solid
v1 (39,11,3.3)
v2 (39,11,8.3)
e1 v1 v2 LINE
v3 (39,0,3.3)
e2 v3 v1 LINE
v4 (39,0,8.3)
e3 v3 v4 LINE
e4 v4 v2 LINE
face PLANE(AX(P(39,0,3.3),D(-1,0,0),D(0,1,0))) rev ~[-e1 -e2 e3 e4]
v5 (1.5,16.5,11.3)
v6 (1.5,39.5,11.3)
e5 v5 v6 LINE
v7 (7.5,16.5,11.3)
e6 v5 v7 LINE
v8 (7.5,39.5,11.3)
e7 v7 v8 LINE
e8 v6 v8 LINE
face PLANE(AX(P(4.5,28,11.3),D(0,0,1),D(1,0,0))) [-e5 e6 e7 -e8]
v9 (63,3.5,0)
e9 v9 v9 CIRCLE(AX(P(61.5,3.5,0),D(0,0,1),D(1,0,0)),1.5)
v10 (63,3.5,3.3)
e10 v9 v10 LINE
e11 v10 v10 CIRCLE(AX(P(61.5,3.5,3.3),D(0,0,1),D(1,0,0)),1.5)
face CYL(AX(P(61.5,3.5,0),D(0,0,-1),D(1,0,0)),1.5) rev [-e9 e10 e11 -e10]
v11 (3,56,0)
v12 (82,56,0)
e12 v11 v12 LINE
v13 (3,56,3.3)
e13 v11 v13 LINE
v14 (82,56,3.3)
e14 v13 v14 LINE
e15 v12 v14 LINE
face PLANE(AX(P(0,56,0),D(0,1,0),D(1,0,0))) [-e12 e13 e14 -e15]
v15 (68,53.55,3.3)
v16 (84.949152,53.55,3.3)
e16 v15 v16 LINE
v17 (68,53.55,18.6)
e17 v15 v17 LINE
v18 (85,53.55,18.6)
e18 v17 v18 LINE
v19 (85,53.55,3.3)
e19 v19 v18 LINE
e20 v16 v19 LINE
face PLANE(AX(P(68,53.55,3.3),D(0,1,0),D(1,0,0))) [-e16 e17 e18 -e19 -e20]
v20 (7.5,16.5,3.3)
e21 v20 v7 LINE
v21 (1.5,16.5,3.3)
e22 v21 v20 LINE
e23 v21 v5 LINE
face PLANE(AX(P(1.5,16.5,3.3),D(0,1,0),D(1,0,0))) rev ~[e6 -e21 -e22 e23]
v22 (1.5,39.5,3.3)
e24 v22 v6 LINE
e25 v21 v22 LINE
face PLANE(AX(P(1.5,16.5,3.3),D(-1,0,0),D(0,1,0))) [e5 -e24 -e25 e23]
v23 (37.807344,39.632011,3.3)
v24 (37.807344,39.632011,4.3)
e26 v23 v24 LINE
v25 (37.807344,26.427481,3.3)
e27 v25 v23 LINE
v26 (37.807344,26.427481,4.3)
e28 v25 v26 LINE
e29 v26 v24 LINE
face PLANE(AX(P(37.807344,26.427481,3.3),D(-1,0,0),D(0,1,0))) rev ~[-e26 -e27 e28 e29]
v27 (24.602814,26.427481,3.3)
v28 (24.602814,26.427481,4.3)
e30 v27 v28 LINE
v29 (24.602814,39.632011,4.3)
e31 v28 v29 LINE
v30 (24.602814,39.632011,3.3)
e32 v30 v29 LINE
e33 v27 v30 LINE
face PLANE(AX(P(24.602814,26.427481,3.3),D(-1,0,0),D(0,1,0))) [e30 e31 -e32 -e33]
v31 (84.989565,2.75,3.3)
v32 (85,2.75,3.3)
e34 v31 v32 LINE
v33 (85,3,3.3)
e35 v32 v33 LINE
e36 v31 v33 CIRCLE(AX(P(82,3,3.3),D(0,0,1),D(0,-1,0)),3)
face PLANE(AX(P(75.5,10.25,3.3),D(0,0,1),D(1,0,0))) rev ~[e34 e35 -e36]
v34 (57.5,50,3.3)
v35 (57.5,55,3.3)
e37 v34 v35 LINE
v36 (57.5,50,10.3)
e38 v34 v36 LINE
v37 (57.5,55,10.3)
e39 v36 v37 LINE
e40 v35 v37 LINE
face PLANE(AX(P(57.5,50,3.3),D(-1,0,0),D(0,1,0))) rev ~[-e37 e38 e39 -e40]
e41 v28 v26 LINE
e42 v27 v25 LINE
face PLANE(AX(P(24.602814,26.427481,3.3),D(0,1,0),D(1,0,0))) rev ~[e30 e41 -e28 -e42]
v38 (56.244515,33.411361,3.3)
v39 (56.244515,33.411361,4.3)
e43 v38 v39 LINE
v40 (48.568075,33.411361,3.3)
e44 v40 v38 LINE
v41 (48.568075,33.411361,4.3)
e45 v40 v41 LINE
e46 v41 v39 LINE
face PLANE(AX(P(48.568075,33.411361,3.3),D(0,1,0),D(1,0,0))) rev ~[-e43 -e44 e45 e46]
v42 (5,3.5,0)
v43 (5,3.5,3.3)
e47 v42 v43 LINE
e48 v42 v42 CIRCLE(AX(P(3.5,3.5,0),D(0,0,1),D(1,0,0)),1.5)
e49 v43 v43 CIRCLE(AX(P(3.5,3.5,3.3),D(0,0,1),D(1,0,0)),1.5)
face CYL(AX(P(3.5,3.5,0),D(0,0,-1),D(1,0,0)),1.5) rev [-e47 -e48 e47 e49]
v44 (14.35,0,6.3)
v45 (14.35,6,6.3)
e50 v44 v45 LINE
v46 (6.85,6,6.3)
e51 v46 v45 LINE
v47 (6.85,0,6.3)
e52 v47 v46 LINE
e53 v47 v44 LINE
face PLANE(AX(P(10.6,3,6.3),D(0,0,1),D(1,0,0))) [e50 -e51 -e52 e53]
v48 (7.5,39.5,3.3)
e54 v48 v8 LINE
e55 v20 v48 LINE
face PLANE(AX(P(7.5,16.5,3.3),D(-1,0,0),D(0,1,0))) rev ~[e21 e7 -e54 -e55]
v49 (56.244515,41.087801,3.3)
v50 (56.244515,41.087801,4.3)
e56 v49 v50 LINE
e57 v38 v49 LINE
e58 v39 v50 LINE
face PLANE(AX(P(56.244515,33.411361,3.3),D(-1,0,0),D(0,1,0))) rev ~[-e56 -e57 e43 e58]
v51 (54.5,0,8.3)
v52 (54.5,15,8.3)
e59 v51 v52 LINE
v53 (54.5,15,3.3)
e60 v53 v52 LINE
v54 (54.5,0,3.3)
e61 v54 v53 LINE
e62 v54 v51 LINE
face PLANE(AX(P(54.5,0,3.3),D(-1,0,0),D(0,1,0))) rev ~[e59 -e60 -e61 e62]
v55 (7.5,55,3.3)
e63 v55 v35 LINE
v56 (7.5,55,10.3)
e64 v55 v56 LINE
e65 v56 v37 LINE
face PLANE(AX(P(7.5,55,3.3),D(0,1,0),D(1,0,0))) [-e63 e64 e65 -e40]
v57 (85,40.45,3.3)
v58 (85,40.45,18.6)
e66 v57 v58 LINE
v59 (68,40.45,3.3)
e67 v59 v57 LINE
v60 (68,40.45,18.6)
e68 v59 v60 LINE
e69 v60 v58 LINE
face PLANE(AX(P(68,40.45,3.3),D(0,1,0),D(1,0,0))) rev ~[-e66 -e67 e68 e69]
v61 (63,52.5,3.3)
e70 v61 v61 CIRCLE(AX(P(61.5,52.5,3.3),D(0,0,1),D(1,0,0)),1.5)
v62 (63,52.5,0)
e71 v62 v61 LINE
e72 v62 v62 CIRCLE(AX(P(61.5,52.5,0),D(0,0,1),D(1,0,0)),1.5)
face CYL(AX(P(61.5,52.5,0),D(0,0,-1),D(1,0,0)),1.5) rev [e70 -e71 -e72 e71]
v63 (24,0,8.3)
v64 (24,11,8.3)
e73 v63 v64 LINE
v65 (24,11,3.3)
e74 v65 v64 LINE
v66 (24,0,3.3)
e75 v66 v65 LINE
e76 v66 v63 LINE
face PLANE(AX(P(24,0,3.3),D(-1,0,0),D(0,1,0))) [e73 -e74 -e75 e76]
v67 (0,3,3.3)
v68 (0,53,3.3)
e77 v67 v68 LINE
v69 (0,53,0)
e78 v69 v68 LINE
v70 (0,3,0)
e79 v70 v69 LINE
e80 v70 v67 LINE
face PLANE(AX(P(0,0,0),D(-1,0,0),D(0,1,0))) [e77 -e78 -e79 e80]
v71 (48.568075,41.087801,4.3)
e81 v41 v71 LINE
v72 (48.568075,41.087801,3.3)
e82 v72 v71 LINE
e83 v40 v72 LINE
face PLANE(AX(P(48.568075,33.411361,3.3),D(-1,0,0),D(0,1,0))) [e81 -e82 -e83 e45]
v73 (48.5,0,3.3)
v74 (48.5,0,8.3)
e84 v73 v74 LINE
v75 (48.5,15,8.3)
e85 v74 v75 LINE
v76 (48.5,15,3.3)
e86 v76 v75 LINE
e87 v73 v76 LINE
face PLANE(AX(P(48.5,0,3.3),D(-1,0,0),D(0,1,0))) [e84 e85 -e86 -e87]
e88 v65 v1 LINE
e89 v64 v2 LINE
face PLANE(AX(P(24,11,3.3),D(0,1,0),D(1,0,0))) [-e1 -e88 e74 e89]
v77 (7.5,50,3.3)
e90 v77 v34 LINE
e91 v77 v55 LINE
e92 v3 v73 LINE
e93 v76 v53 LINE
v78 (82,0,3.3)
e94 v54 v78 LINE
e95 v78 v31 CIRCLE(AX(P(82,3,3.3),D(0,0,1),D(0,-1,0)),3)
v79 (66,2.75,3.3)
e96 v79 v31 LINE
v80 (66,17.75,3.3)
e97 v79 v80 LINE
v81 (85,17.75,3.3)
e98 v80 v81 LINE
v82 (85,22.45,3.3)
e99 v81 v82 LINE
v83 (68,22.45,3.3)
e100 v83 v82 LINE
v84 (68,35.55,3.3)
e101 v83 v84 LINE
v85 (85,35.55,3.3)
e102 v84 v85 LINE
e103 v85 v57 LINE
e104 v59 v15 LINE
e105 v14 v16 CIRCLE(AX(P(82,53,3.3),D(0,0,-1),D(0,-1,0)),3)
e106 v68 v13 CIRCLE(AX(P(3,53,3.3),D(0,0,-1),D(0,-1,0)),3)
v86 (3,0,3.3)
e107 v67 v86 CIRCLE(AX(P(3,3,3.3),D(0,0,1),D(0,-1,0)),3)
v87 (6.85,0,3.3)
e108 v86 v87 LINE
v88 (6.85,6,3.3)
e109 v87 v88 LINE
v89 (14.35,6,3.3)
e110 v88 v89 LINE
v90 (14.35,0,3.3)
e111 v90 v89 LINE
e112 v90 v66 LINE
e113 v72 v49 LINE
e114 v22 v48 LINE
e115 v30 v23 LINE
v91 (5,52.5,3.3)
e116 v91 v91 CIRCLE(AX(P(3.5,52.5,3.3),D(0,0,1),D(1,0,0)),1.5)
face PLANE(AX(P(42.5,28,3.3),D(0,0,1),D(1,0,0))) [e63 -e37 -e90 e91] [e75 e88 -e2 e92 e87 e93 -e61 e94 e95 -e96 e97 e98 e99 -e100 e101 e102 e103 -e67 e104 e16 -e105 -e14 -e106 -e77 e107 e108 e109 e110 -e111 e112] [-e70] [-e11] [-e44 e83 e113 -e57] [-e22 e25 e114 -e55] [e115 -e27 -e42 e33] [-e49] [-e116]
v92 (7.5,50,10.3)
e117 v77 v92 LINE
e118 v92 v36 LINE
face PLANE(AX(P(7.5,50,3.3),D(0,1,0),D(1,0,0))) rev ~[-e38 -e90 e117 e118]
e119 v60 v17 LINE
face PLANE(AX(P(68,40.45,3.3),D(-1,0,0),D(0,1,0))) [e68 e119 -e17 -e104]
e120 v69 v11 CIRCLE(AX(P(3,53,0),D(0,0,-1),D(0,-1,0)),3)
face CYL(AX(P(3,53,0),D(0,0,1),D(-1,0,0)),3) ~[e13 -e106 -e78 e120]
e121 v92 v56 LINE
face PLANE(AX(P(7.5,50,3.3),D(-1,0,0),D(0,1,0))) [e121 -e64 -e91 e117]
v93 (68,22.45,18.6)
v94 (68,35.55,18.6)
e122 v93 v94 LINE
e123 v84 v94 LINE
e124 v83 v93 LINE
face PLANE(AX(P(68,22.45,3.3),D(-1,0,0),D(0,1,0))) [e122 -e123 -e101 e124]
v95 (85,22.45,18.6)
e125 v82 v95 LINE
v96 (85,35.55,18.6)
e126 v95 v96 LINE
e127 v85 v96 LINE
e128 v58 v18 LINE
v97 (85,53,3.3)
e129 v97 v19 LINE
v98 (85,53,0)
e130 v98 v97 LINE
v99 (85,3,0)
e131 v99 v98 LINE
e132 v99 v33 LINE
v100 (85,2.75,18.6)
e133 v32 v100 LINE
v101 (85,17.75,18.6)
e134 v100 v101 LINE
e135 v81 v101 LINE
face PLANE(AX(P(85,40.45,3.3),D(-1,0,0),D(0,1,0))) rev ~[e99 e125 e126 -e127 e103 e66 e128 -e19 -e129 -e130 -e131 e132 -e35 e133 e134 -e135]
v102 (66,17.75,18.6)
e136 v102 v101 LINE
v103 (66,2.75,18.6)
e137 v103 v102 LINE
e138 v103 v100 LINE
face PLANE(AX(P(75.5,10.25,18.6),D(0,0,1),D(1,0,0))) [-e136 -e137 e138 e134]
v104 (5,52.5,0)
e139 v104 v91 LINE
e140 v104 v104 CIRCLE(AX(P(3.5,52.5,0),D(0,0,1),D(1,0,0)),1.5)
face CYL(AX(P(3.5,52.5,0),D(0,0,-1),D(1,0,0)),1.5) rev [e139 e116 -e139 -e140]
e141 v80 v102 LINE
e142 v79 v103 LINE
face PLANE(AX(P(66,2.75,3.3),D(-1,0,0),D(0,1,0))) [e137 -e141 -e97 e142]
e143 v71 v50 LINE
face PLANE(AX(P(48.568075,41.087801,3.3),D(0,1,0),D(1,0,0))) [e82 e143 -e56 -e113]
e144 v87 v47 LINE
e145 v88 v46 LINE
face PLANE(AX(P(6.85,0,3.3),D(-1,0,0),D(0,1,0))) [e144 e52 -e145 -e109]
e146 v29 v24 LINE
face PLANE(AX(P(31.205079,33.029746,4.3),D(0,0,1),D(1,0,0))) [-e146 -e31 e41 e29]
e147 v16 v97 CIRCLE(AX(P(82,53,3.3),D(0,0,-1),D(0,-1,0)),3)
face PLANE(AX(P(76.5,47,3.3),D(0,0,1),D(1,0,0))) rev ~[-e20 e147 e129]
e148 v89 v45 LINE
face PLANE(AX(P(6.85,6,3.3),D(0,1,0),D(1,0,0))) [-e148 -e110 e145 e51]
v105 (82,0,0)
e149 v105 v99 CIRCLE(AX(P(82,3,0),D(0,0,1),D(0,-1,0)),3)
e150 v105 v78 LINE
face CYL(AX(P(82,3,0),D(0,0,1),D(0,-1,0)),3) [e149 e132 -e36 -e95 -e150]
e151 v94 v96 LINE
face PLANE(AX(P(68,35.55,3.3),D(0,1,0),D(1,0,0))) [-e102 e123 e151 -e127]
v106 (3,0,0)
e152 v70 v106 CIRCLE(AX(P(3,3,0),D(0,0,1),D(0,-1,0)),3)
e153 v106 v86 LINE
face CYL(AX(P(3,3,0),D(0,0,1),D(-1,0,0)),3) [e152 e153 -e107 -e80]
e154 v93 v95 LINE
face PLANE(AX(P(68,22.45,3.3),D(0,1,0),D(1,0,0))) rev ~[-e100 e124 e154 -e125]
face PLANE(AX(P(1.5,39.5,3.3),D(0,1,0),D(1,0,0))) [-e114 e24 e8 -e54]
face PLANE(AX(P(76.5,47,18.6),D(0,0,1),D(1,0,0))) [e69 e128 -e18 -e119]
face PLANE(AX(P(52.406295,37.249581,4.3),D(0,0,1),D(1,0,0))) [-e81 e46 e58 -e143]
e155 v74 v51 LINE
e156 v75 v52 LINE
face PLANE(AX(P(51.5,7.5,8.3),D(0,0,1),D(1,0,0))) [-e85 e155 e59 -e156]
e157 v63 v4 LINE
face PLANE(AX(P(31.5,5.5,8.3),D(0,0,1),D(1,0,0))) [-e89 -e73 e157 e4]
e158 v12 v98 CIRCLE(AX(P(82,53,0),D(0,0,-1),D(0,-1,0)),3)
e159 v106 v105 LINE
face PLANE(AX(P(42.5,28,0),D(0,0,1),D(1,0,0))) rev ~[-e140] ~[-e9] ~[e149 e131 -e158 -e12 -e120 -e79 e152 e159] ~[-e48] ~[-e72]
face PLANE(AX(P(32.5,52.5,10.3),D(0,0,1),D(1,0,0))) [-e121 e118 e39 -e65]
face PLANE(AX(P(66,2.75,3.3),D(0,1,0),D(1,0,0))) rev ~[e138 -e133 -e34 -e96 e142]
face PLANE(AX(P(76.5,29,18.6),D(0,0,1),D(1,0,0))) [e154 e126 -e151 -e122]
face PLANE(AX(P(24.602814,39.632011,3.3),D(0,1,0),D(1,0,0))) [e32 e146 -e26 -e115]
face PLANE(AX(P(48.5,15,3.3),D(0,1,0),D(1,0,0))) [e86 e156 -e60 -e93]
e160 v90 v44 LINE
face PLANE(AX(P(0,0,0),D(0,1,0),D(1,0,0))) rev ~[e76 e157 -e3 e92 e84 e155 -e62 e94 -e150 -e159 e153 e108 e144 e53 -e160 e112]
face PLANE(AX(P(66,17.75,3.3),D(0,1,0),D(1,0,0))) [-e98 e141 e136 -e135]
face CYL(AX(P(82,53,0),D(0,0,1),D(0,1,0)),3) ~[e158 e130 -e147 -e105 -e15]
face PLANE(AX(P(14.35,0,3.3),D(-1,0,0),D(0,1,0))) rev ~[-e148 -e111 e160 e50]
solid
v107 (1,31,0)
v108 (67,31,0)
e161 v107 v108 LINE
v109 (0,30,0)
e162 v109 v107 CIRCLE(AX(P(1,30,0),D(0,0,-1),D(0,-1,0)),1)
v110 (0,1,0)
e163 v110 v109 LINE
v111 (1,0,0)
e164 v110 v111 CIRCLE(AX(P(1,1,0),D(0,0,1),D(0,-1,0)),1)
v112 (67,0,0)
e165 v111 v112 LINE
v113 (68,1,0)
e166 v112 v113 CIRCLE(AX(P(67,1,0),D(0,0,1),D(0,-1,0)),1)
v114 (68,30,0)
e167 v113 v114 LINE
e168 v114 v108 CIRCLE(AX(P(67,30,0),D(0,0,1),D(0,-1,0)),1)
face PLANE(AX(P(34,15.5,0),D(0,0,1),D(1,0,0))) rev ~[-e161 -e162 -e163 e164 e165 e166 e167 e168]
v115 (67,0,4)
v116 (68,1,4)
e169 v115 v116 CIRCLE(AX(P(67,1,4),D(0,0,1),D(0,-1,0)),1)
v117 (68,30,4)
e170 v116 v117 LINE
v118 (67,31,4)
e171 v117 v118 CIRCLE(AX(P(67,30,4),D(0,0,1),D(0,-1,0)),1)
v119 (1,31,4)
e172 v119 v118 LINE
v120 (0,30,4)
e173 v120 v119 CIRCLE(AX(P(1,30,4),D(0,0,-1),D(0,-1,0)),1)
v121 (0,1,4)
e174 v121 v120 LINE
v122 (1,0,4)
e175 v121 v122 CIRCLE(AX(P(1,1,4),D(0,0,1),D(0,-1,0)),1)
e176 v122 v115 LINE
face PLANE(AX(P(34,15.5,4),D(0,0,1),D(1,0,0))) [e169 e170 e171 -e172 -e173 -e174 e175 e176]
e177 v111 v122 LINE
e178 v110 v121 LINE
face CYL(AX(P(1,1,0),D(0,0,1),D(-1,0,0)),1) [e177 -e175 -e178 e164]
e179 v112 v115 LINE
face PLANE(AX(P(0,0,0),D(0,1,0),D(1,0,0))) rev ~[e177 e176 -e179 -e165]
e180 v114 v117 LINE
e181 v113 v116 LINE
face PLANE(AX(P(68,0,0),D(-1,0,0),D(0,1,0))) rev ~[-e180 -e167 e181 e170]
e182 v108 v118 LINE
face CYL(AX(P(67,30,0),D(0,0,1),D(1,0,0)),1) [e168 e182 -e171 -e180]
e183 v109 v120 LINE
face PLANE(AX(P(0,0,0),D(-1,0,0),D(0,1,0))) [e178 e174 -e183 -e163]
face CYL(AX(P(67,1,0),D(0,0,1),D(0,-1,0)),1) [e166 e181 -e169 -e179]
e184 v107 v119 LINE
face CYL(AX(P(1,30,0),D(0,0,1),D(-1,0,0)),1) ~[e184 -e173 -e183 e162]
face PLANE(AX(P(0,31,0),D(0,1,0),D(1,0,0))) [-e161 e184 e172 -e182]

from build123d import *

# Parameters (mm, degrees)
F0_W      = 85
F0_H      = 56
F0_R      = 1.5
F1_DEPTH  = 3.3
F2_R      = 3
F3_W      = 50
F3_H      = 5
F4_DEPTH  = 7
F5_W      = 6
F5_H      = 23
F6_DEPTH  = 8
F7_W      = 17
F7_H      = 13.1
F7_W_2    = 19
F7_H_2    = 15
F8_DEPTH  = 15.3
F9_W      = 15
F9_H      = 11
F10_DEPTH = 5
F11_W     = 7.5
F11_H     = 6
F12_DEPTH = 3
F13_W     = 6
F13_H     = 15
F14_DEPTH = 5
F15_W     = 13.20453
F15_H     = 13.20453
F15_W_2   = 7.676441
F15_H_2   = 7.676441
F16_DEPTH = 1
F17_W     = 68
F17_H     = 31
F18_DEPTH = 4
F19_R     = 1


with BuildPart() as f1:
    # F0 (on Top) → F1 (new body)
    with BuildSketch(Plane.XY):
        with Locations((42.5, 28)):
            Rectangle(F0_W, F0_H)
        with Locations((3.5, 3.5)):
            Circle(F0_R, mode=Mode.SUBTRACT)
        with Locations((61.5, 3.5)):
            Circle(F0_R, mode=Mode.SUBTRACT)
        with Locations((3.5, 52.5)):
            Circle(F0_R, mode=Mode.SUBTRACT)
        with Locations((61.5, 52.5)):
            Circle(F0_R, mode=Mode.SUBTRACT)
    extrude(amount=F1_DEPTH)

    # F2
    f2_edges = [f1.edges().sort_by_distance(p)[0] for p in [
        (0, 56, 1.65),
        (85, 56, 1.65),
        (0, 0, 1.65),
        (85, 0, 1.65),
    ]]
    fillet(f2_edges, radius=F2_R)

    # F3 (on face) → F4 (join)
    with BuildSketch(Plane.XY.offset(3.3)):
        with Locations((32.5, 52.5)):
            Rectangle(F3_W, F3_H)
    extrude(amount=F4_DEPTH)

    # F5 (on face) → F6 (join)
    with BuildSketch(Plane.XY.offset(3.3)):
        with Locations((4.5, 28)):
            Rectangle(F5_W, F5_H)
    extrude(amount=F6_DEPTH)

    # F7 (on face) → F8 (join)
    with BuildSketch(Plane.XY.offset(3.3)):
        with Locations((76.5, 47)):
            Rectangle(F7_W, F7_H)
        with Locations((76.5, 29)):
            Rectangle(F7_W, F7_H)
        with Locations((75.5, 10.25)):
            Rectangle(F7_W_2, F7_H_2)
    extrude(amount=F8_DEPTH)

    # F9 (on face) → F10 (join)
    with BuildSketch(Plane.XY.offset(3.3)):
        with Locations((31.5, 5.5)):
            Rectangle(F9_W, F9_H)
    extrude(amount=F10_DEPTH)

    # F11 (on face) → F12 (join)
    with BuildSketch(Plane.XY.offset(3.3)):
        with Locations((10.6, 3)):
            Rectangle(F11_W, F11_H)
    extrude(amount=F12_DEPTH)

    # F13 (on face) → F14 (join)
    with BuildSketch(Plane.XY.offset(3.3)):
        with Locations((51.5, 7.5)):
            Rectangle(F13_W, F13_H)
    extrude(amount=F14_DEPTH)

    # F15 (on face) → F16 (join)
    with BuildSketch(Plane.XY.offset(3.3)):
        with Locations((31.205079, 33.029746)):
            Rectangle(F15_W, F15_H)
        with Locations((52.406295, 37.249581)):
            Rectangle(F15_W_2, F15_H_2)
    extrude(amount=F16_DEPTH)


with BuildPart() as f18:
    # F17 (on Top) → F18 (new body)
    with BuildSketch(Plane.XY):
        with Locations((34, 15.5)):
            Rectangle(F17_W, F17_H)
    extrude(amount=F18_DEPTH)

    # F19
    f19_edges = [f18.edges().sort_by_distance(p)[0] for p in [
        (68, 0, 2),
        (68, 31, 2),
        (0, 0, 2),
        (0, 31, 2),
    ]]
    fillet(f19_edges, radius=F19_R)


solid = Compound([f1.part, f18.part])
